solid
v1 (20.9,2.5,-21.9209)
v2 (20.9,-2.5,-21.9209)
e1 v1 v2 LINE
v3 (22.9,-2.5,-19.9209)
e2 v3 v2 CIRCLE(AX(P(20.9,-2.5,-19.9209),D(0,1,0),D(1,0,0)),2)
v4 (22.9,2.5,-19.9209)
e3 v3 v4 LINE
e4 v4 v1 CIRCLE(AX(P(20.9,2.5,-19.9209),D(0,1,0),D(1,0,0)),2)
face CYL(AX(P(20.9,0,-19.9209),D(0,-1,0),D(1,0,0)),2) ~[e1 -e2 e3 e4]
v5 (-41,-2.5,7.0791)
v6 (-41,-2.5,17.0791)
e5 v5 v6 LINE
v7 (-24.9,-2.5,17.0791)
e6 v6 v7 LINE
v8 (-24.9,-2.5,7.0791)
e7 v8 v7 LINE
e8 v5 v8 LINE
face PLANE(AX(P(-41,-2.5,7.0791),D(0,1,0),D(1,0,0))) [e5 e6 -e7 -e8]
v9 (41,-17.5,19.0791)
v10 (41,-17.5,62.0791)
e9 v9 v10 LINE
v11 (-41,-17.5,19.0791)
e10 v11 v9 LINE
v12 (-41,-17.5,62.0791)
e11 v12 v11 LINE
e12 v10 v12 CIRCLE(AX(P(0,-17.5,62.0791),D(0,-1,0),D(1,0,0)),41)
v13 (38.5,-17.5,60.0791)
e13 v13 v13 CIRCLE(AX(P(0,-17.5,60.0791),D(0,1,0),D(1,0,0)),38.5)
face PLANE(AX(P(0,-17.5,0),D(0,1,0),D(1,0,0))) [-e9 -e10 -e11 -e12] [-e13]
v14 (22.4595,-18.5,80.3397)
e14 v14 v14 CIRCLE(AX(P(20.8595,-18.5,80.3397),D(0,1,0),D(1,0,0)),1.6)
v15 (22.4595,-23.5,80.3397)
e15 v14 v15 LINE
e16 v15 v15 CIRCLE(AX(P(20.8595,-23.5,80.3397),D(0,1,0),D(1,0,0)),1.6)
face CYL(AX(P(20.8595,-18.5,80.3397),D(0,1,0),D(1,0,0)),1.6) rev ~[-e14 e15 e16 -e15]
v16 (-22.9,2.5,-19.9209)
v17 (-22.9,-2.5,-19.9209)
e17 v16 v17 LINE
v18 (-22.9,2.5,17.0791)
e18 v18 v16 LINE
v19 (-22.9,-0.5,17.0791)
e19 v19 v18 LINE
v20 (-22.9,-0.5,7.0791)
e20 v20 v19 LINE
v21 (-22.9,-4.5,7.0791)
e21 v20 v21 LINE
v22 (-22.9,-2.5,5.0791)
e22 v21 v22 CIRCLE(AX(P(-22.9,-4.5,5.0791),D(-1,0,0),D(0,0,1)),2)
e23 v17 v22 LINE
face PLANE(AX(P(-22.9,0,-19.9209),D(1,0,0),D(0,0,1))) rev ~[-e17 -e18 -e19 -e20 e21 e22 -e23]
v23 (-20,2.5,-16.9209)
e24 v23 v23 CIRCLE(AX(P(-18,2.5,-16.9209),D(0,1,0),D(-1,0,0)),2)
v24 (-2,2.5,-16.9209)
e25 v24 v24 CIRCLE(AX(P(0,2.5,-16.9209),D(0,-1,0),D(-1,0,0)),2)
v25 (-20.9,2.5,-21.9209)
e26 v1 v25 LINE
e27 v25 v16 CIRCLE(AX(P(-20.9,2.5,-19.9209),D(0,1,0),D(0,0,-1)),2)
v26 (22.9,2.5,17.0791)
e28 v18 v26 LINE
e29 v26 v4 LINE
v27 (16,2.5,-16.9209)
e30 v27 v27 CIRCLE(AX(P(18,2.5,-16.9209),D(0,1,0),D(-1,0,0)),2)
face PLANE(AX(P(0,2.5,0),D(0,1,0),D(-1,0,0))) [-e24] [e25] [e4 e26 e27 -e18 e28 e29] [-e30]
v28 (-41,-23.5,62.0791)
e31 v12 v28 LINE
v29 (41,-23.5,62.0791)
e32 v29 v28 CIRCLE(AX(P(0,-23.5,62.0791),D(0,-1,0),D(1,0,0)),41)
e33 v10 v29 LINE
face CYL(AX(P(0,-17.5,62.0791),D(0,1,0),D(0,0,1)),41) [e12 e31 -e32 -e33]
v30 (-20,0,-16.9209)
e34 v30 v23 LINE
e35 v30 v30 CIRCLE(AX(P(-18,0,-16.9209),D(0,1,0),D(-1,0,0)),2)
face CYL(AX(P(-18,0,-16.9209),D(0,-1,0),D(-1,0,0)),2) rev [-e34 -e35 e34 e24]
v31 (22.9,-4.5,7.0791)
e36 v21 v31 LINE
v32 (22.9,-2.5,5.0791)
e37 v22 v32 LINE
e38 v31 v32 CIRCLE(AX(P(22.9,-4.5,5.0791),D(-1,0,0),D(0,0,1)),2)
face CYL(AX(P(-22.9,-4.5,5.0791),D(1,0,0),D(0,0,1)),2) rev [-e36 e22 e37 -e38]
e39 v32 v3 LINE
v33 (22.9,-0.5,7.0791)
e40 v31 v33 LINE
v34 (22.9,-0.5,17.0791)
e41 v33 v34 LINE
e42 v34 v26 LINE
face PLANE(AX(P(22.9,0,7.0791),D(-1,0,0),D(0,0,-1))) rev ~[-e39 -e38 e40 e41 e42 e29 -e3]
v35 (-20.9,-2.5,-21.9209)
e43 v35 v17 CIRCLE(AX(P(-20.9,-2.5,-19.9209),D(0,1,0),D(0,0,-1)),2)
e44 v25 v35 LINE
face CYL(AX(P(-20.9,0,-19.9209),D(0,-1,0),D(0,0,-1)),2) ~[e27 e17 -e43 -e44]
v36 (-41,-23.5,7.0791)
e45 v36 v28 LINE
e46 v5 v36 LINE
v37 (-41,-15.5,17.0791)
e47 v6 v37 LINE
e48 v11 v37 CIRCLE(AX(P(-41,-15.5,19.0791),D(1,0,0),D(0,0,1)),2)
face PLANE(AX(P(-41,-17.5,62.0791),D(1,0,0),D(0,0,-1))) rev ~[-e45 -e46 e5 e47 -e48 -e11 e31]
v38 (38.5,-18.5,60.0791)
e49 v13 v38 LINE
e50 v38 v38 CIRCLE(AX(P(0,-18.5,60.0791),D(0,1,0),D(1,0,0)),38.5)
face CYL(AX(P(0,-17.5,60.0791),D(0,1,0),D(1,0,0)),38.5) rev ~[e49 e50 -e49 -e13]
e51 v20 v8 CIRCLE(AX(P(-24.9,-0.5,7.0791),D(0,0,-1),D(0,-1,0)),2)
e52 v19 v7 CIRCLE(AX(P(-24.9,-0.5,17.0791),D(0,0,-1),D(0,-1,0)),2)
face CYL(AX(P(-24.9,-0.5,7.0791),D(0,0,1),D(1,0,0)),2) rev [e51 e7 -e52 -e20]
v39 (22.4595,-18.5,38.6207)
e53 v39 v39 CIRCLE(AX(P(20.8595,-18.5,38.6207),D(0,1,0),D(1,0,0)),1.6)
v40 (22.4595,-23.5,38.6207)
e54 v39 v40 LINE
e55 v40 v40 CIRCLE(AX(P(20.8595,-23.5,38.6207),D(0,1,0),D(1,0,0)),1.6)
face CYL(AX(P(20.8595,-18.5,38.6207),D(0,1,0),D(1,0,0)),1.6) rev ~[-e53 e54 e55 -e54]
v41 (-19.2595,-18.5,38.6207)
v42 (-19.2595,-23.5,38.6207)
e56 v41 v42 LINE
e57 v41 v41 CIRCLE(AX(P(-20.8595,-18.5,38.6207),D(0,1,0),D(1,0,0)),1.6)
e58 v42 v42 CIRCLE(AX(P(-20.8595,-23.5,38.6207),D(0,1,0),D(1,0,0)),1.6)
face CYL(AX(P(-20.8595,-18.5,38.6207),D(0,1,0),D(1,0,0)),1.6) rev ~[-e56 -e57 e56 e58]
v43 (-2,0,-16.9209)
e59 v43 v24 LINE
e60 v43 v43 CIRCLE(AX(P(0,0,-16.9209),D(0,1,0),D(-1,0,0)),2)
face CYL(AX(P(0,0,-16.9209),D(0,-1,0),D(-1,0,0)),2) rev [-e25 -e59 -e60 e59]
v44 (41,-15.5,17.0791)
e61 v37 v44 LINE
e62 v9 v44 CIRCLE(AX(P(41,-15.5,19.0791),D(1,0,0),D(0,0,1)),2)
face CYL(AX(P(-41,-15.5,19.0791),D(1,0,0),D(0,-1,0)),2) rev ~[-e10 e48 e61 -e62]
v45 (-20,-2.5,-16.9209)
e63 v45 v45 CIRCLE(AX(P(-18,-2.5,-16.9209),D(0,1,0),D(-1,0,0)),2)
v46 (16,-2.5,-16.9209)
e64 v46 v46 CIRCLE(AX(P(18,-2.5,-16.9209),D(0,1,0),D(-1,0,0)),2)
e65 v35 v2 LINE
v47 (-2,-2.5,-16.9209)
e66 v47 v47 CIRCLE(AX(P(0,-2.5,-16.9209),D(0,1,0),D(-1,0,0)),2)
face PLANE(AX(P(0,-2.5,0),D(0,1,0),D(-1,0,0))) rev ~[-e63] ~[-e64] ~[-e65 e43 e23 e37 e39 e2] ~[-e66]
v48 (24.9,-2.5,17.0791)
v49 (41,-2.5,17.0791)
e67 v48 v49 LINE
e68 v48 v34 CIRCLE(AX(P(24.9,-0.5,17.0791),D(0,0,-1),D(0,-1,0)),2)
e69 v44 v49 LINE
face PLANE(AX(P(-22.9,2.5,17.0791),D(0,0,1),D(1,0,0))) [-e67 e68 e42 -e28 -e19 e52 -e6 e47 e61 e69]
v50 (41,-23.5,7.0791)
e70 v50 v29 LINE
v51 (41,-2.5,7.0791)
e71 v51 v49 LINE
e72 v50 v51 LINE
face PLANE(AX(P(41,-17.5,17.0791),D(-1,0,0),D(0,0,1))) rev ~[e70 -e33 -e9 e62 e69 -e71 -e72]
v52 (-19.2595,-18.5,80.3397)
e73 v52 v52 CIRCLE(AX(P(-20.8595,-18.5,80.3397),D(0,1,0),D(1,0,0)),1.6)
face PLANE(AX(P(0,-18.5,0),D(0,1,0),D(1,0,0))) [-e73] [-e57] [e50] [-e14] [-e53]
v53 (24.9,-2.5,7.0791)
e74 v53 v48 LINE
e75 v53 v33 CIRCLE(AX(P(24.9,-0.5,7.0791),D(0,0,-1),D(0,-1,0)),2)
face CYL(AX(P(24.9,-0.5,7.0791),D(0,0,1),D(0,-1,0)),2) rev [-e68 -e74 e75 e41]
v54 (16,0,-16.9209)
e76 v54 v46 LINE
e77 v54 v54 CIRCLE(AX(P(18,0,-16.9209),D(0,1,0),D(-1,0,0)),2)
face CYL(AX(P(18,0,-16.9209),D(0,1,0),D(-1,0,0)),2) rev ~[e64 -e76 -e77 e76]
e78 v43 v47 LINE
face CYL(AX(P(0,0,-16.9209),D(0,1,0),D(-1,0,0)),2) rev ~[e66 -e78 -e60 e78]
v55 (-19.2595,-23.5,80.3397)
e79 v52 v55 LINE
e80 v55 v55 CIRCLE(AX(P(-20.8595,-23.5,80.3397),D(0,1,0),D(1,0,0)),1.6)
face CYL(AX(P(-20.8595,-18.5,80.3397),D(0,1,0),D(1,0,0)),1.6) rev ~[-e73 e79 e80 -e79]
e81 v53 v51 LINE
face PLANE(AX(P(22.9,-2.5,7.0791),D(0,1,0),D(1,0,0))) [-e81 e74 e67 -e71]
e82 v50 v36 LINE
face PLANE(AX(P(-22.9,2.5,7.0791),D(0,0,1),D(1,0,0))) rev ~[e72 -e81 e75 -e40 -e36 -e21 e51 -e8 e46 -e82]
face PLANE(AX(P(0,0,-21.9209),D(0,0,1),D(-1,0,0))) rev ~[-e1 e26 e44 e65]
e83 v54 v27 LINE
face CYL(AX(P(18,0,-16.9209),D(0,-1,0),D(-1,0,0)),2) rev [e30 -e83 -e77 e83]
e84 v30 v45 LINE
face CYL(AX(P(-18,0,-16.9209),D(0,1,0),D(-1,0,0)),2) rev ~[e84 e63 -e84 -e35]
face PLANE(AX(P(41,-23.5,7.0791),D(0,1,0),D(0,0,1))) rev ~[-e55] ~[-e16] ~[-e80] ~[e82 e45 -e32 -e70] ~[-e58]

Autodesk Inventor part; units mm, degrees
ref_plane "YZ Plane" through (0, 0, 0) normal (1, 0, 0) x (0, 1, 0)
ref_plane "XZ Plane" through (0, 0, 0) normal (0, 1, 0) x (-1, 0, 0)
sketch "草圖1" plane through (0, 0, 0) normal (0, 1, 0) x (-1, 0, 0)
  line L0 (22.9, 7.0791) -> (-22.9, 7.0791)
  line L1 (-22.9, 7.0791) -> (-22.9, -19.9209)
  line L2 (-20.9, -21.9209) -> (20.9, -21.9209)
  line L3 (22.9, -19.9209) -> (22.9, 7.0791)
  arc A0 (20.9, -21.9209) -> (22.9, -19.9209) centre (20.9, -19.9209) ccw
  arc A1 (-22.9, -19.9209) -> (-20.9, -21.9209) centre (-20.9, -19.9209) ccw
  line L4 (0, -28.2179) -> (0, 12.962) projected
  circle A2 centre (0, -16.9209) radius 2
  circle A3 centre (-18, -16.9209) radius 2
  circle A4 centre (18, -16.9209) radius 2
  point P0 (0, 0)
  dimension "d2" = 2
  dimension "d3" = 4
  dimension "d4" = 18
  dimension "d5" = 4
  dimension "d6" = 24
  dimension "d9" = 5
extrude "擠出1" add sketch "草圖1" along normal mid plane 5 contours L3 A0 L2 L4 A2 L0 | L4 A2 L2 A1 L1 L0
sketch "草圖3" plane through (-22.9, 2.5, 7.0791) normal (0, 0, 1) x (1, 0, 0)
  line L0 (0, -5) -> (0, 0) projected
  line L1 (0, 0) -> (45.8, 0) projected
  line L2 (45.8, -5) -> (45.8, 0) projected
  line L3 (0, 0) -> (45.8, 0)
  line L4 (45.8, 0) -> (45.8, -5)
  line L5 (0, -5) -> (0, 0)
  line L6 (0, 0) -> (45.8, -5) construction
  line L7 (45.8, 0) -> (0, -5) construction
  line L8 (24.9, -5) -> (20.9, -5) projected
  line L9 (-18.1, -5) -> (63.9, -5)
  line L10 (-18.1, -5) -> (-18.1, -28)
  line L11 (-18.1, -28) -> (63.9, -28)
  line L12 (63.9, -28) -> (63.9, -5)
  point P0 (22.9, -2.5)
  point P1 (22.9, -5)
  dimension "d12" = 82
  dimension "d13" = 23
extrude "擠出2" add sketch "草圖3" along normal blind 10
ref_plane "工作平面1" through (0, -17.5, 0) normal (0, 1, 0) x (1, 0, 0)
sketch "草圖5" plane through (0, -17.5, 0) normal (0, 1, 0) x (1, 0, 0)
  line L0 (-41, -17.0791) -> (41, -17.0791) projected
  line L1 (-41, -17.0791) -> (41, -17.0791)
  line L2 (41, -17.0791) -> (41, -62.0791)
  line L3 (0, -103.0791) -> (0, -103.0791)
  line L4 (-41, -62.0791) -> (-41, -17.0791)
  arc A0 (0, -103.0791) -> (41, -62.0791) centre (0, -62.0791) ccw
  arc A1 (-41, -62.0791) -> (0, -103.0791) centre (0, -62.0791) ccw
  point P0 (0, 0)
  point P1 (41, -103.0791)
  point P2 (-41, -103.0791)
  point P3 (41, -17.0791)
  point P4 (0, -103.0791)
  dimension "d19" = 86
  dimension "d22" = 41
  dimension "d23" = 41
  dimension "d37" = 82
extrude "擠出3" add sketch "草圖5" against normal up to surface (8 mm away)
sketch "草圖6" plane through (0, -17.5, 0) normal (0, 1, 0) x (1, 0, 0)
  arc A0 (-41, -62.0791) -> (41, -62.0791) centre (0, -62.0791) ccw projected
  circle A1 centre (0, -60.0791) radius 38.5
  line L0 (-41, -17.0791) -> (41, -17.0791) projected
  point P0 (0, 0)
  dimension "d24" = 77
  dimension "d28" = 43
fillet "圓角2" radius 2 1 edges at (0, -17.5, 17.0791)
extrude "擠出5" cut sketch "草圖6" against normal blind 1
sketch "草圖8" plane through (0, -18.5, 60.0791) normal (0, 1, 0) x (1, 0, 0)
  circle A0 centre (-20.8595, 21.4584) radius 1.6
  circle A1 centre (0, 0) radius 38.5 projected
  line L0 (0, 107) -> (0, -68) projected
  circle A2 centre (20.8595, 21.4584) radius 1.6
  circle A3 centre (20.8595, -20.2606) radius 1.6
  circle A4 centre (-20.8595, -20.2606) radius 1.6
  point P0 (0, 60.0791)
  dimension "d32" = 3.2
  dimension "d33" = 41.719
  dimension "d38" = 41.719
extrude "擠出6" cut sketch "草圖8" against normal through all contours A0 | A2 | A3 | A4
fillet "圓角3" radius 2 3 edges at (22.9, -2.5, 12.0791) (-22.9, -2.5, 12.0791) (0, -2.5, 7.0791)
sketch "草圖9" plane through (41, -25.5, 7.0791) normal (1, 0, 0) x (0, 0, -1)
  line L0 (-55, 0) -> (-96, 0) projected
  line L1 (0, 23) -> (0, 0) projected
  line L2 (-96, 0) -> (0, 0)
  line L3 (0, 0) -> (0, 2)
  line L4 (0, 2) -> (-96, 2)
  line L5 (-96, 2) -> (-96, 0)
  point P0 (7.0791, 25.5)
  dimension "d39" = 2
extrude "擠出7" cut sketch "草圖9" against normal through all
properties part number "lidar base"
